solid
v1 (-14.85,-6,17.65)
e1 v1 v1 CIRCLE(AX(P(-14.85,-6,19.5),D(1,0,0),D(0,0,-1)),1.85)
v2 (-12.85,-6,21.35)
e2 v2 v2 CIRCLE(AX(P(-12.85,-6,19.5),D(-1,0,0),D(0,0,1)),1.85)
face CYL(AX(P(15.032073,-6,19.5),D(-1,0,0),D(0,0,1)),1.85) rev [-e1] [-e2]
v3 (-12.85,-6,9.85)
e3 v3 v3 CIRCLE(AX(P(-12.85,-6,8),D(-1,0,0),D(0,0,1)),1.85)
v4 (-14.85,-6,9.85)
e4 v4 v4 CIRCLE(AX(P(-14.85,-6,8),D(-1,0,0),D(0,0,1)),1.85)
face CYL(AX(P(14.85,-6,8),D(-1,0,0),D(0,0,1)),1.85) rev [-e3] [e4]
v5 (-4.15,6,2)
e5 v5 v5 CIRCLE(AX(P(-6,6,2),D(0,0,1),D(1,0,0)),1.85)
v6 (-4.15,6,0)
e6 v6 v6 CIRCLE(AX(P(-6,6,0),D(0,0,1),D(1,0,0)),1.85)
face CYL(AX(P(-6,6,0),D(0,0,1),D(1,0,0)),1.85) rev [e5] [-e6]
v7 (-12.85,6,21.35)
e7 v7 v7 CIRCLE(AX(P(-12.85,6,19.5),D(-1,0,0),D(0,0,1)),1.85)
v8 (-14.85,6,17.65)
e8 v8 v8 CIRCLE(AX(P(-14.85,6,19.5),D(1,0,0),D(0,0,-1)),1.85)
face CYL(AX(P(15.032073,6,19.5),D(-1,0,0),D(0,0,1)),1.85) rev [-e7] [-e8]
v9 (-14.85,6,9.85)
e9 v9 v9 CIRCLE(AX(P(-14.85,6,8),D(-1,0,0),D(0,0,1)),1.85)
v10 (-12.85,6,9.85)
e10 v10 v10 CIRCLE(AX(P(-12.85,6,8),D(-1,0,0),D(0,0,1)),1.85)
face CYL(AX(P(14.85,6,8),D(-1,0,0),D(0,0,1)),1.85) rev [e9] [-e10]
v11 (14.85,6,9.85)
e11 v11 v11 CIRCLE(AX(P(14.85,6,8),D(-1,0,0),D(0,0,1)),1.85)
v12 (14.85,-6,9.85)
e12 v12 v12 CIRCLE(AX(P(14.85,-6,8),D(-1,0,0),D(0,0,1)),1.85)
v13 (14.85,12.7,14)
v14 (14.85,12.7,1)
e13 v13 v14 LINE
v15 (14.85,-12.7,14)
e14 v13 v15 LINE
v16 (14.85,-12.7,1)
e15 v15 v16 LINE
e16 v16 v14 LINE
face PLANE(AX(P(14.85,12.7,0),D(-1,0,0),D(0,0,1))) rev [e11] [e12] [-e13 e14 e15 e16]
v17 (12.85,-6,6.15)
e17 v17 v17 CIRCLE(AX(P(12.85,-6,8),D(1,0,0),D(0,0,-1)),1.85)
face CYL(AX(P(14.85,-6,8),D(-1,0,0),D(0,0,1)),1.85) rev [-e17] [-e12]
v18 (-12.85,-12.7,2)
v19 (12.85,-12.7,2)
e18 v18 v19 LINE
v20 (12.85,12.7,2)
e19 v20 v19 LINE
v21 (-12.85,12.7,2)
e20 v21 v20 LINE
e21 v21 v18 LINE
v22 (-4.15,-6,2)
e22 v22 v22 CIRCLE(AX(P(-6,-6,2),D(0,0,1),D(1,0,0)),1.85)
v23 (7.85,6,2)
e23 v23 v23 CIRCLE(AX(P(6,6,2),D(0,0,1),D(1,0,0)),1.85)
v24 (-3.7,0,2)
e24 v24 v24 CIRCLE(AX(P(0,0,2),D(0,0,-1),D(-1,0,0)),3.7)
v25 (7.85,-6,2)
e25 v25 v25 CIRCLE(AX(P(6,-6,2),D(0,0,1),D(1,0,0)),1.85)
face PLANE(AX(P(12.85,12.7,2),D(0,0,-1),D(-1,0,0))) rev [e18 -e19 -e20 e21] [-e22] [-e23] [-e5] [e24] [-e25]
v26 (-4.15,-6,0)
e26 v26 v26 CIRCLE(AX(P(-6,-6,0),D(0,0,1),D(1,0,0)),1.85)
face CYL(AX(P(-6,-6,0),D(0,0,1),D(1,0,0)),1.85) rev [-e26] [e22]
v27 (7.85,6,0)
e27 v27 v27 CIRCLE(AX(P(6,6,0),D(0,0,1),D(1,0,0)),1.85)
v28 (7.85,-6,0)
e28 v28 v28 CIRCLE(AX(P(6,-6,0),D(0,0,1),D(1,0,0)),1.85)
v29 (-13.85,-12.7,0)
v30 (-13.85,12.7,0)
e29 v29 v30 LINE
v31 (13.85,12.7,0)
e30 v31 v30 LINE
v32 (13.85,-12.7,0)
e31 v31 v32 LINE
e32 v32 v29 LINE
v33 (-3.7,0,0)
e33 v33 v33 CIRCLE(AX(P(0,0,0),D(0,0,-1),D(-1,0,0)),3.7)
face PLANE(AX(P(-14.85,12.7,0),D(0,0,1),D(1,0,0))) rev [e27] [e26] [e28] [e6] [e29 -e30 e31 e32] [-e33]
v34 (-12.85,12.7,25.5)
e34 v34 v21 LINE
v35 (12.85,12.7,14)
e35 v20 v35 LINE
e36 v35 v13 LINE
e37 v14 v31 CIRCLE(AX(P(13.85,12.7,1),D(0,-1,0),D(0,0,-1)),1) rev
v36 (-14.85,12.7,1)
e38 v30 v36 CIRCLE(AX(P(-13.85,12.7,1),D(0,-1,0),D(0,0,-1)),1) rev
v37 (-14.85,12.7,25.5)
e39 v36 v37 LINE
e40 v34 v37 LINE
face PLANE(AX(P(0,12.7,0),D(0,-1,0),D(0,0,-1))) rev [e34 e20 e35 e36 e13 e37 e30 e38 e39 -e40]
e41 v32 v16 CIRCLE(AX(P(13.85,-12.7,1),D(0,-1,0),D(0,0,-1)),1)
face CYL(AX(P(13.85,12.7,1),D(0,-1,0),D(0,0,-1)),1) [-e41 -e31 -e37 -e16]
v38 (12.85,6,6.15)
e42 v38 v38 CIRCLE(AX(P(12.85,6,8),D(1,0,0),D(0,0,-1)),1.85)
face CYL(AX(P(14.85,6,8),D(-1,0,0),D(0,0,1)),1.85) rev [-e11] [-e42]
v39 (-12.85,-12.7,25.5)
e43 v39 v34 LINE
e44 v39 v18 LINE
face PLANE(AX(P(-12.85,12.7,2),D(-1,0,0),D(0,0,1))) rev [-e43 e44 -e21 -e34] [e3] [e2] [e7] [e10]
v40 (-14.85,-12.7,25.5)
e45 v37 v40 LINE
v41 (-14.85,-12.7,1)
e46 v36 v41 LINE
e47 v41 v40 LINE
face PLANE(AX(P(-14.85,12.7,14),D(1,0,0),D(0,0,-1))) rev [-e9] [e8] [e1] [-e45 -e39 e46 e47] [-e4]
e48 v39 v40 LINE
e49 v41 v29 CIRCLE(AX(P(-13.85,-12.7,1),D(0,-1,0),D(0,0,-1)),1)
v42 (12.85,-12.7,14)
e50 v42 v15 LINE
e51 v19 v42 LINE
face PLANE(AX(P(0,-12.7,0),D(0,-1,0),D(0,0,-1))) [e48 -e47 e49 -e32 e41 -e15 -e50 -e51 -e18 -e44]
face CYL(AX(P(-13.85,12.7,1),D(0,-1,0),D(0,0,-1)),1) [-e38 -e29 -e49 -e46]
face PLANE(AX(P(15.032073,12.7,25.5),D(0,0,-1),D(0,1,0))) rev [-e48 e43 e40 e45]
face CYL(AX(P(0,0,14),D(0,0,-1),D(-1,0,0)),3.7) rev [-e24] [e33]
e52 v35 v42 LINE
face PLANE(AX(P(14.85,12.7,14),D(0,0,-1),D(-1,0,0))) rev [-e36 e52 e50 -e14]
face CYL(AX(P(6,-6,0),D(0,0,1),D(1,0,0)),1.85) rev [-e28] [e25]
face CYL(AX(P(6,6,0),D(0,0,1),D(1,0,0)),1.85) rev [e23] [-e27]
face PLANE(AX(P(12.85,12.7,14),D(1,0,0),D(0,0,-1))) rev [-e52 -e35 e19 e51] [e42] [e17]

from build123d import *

# Parameters (mm, degrees)
BOSS_EXTRUDE1_DEPTH = 12.7
SKETCH2_R           = 1.85
CUT_EXTRUDE1_DEPTH  = 30.7
SKETCH3_R           = 3.7
CUT_EXTRUDE2_DEPTH  = 15
SKETCH4_R           = 1.85
CUT_EXTRUDE3_DEPTH  = 3
SKETCH5_W           = 11.5
SKETCH5_H           = 25.4
SKETCH5_R           = 1.85
BOSS_EXTRUDE2_DEPTH = 2
FILLET1_R           = 1


with BuildPart() as part:
    # Sketch1 → Boss-Extrude1 (new body, symmetric)
    with BuildSketch(Plane(origin=(0, 0, 0), x_dir=(1, 0, 0), z_dir=(0, 1, 0))):
        Polygon((-14.85, 0), (14.85, 0), (14.85, -14), (12.85, -14), (12.85, -2), (-12.85, -2), (-12.85, -14), (-14.85, -14), align=None)
    extrude(amount=BOSS_EXTRUDE1_DEPTH, both=True)

    # Sketch2 → Cut-Extrude1 (cut, through all)
    with BuildSketch(Plane.ZY.offset(14.85)):
        with Locations((8, -6)):
            Circle(SKETCH2_R)
        with Locations((8, 6)):
            Circle(SKETCH2_R)
    extrude(amount=-CUT_EXTRUDE1_DEPTH, mode=Mode.SUBTRACT)

    # Sketch3 → Cut-Extrude2 (cut, through all)
    with BuildSketch(Plane(origin=(0, 0, 0), x_dir=(-1, 0, 0), z_dir=(0, 0, -1))):
        Circle(SKETCH3_R)
    extrude(amount=-CUT_EXTRUDE2_DEPTH, mode=Mode.SUBTRACT)

    # Sketch4 → Cut-Extrude3 (cut, through all)
    with BuildSketch(Plane.XY.offset(2)):
        with Locations((-6, 6)):
            Circle(SKETCH4_R)
        with Locations((-6, -6)):
            Circle(SKETCH4_R)
        with Locations((6, -6)):
            Circle(SKETCH4_R)
        with Locations((6, 6)):
            Circle(SKETCH4_R)
    extrude(amount=-CUT_EXTRUDE3_DEPTH, mode=Mode.SUBTRACT)

    # Sketch5 → Boss-Extrude2 (add)
    with BuildSketch(Plane(origin=(-14.85, 0, 0), x_dir=(0, 0, -1), z_dir=(1, 0, 0))):
        with Locations((-19.75, 0)):
            Rectangle(SKETCH5_W, SKETCH5_H)
        with Locations((-19.5, 6)):
            Circle(SKETCH5_R, mode=Mode.SUBTRACT)
        with Locations((-19.5, -6)):
            Circle(SKETCH5_R, mode=Mode.SUBTRACT)
    extrude(amount=BOSS_EXTRUDE2_DEPTH)

    # Fillet1
    fillet1_edges = [part.edges().sort_by_distance(p)[0] for p in [
        (-14.85, 0, 0),
        (14.85, 0, 0),
    ]]
    fillet(fillet1_edges, radius=FILLET1_R)


solid = part.part
